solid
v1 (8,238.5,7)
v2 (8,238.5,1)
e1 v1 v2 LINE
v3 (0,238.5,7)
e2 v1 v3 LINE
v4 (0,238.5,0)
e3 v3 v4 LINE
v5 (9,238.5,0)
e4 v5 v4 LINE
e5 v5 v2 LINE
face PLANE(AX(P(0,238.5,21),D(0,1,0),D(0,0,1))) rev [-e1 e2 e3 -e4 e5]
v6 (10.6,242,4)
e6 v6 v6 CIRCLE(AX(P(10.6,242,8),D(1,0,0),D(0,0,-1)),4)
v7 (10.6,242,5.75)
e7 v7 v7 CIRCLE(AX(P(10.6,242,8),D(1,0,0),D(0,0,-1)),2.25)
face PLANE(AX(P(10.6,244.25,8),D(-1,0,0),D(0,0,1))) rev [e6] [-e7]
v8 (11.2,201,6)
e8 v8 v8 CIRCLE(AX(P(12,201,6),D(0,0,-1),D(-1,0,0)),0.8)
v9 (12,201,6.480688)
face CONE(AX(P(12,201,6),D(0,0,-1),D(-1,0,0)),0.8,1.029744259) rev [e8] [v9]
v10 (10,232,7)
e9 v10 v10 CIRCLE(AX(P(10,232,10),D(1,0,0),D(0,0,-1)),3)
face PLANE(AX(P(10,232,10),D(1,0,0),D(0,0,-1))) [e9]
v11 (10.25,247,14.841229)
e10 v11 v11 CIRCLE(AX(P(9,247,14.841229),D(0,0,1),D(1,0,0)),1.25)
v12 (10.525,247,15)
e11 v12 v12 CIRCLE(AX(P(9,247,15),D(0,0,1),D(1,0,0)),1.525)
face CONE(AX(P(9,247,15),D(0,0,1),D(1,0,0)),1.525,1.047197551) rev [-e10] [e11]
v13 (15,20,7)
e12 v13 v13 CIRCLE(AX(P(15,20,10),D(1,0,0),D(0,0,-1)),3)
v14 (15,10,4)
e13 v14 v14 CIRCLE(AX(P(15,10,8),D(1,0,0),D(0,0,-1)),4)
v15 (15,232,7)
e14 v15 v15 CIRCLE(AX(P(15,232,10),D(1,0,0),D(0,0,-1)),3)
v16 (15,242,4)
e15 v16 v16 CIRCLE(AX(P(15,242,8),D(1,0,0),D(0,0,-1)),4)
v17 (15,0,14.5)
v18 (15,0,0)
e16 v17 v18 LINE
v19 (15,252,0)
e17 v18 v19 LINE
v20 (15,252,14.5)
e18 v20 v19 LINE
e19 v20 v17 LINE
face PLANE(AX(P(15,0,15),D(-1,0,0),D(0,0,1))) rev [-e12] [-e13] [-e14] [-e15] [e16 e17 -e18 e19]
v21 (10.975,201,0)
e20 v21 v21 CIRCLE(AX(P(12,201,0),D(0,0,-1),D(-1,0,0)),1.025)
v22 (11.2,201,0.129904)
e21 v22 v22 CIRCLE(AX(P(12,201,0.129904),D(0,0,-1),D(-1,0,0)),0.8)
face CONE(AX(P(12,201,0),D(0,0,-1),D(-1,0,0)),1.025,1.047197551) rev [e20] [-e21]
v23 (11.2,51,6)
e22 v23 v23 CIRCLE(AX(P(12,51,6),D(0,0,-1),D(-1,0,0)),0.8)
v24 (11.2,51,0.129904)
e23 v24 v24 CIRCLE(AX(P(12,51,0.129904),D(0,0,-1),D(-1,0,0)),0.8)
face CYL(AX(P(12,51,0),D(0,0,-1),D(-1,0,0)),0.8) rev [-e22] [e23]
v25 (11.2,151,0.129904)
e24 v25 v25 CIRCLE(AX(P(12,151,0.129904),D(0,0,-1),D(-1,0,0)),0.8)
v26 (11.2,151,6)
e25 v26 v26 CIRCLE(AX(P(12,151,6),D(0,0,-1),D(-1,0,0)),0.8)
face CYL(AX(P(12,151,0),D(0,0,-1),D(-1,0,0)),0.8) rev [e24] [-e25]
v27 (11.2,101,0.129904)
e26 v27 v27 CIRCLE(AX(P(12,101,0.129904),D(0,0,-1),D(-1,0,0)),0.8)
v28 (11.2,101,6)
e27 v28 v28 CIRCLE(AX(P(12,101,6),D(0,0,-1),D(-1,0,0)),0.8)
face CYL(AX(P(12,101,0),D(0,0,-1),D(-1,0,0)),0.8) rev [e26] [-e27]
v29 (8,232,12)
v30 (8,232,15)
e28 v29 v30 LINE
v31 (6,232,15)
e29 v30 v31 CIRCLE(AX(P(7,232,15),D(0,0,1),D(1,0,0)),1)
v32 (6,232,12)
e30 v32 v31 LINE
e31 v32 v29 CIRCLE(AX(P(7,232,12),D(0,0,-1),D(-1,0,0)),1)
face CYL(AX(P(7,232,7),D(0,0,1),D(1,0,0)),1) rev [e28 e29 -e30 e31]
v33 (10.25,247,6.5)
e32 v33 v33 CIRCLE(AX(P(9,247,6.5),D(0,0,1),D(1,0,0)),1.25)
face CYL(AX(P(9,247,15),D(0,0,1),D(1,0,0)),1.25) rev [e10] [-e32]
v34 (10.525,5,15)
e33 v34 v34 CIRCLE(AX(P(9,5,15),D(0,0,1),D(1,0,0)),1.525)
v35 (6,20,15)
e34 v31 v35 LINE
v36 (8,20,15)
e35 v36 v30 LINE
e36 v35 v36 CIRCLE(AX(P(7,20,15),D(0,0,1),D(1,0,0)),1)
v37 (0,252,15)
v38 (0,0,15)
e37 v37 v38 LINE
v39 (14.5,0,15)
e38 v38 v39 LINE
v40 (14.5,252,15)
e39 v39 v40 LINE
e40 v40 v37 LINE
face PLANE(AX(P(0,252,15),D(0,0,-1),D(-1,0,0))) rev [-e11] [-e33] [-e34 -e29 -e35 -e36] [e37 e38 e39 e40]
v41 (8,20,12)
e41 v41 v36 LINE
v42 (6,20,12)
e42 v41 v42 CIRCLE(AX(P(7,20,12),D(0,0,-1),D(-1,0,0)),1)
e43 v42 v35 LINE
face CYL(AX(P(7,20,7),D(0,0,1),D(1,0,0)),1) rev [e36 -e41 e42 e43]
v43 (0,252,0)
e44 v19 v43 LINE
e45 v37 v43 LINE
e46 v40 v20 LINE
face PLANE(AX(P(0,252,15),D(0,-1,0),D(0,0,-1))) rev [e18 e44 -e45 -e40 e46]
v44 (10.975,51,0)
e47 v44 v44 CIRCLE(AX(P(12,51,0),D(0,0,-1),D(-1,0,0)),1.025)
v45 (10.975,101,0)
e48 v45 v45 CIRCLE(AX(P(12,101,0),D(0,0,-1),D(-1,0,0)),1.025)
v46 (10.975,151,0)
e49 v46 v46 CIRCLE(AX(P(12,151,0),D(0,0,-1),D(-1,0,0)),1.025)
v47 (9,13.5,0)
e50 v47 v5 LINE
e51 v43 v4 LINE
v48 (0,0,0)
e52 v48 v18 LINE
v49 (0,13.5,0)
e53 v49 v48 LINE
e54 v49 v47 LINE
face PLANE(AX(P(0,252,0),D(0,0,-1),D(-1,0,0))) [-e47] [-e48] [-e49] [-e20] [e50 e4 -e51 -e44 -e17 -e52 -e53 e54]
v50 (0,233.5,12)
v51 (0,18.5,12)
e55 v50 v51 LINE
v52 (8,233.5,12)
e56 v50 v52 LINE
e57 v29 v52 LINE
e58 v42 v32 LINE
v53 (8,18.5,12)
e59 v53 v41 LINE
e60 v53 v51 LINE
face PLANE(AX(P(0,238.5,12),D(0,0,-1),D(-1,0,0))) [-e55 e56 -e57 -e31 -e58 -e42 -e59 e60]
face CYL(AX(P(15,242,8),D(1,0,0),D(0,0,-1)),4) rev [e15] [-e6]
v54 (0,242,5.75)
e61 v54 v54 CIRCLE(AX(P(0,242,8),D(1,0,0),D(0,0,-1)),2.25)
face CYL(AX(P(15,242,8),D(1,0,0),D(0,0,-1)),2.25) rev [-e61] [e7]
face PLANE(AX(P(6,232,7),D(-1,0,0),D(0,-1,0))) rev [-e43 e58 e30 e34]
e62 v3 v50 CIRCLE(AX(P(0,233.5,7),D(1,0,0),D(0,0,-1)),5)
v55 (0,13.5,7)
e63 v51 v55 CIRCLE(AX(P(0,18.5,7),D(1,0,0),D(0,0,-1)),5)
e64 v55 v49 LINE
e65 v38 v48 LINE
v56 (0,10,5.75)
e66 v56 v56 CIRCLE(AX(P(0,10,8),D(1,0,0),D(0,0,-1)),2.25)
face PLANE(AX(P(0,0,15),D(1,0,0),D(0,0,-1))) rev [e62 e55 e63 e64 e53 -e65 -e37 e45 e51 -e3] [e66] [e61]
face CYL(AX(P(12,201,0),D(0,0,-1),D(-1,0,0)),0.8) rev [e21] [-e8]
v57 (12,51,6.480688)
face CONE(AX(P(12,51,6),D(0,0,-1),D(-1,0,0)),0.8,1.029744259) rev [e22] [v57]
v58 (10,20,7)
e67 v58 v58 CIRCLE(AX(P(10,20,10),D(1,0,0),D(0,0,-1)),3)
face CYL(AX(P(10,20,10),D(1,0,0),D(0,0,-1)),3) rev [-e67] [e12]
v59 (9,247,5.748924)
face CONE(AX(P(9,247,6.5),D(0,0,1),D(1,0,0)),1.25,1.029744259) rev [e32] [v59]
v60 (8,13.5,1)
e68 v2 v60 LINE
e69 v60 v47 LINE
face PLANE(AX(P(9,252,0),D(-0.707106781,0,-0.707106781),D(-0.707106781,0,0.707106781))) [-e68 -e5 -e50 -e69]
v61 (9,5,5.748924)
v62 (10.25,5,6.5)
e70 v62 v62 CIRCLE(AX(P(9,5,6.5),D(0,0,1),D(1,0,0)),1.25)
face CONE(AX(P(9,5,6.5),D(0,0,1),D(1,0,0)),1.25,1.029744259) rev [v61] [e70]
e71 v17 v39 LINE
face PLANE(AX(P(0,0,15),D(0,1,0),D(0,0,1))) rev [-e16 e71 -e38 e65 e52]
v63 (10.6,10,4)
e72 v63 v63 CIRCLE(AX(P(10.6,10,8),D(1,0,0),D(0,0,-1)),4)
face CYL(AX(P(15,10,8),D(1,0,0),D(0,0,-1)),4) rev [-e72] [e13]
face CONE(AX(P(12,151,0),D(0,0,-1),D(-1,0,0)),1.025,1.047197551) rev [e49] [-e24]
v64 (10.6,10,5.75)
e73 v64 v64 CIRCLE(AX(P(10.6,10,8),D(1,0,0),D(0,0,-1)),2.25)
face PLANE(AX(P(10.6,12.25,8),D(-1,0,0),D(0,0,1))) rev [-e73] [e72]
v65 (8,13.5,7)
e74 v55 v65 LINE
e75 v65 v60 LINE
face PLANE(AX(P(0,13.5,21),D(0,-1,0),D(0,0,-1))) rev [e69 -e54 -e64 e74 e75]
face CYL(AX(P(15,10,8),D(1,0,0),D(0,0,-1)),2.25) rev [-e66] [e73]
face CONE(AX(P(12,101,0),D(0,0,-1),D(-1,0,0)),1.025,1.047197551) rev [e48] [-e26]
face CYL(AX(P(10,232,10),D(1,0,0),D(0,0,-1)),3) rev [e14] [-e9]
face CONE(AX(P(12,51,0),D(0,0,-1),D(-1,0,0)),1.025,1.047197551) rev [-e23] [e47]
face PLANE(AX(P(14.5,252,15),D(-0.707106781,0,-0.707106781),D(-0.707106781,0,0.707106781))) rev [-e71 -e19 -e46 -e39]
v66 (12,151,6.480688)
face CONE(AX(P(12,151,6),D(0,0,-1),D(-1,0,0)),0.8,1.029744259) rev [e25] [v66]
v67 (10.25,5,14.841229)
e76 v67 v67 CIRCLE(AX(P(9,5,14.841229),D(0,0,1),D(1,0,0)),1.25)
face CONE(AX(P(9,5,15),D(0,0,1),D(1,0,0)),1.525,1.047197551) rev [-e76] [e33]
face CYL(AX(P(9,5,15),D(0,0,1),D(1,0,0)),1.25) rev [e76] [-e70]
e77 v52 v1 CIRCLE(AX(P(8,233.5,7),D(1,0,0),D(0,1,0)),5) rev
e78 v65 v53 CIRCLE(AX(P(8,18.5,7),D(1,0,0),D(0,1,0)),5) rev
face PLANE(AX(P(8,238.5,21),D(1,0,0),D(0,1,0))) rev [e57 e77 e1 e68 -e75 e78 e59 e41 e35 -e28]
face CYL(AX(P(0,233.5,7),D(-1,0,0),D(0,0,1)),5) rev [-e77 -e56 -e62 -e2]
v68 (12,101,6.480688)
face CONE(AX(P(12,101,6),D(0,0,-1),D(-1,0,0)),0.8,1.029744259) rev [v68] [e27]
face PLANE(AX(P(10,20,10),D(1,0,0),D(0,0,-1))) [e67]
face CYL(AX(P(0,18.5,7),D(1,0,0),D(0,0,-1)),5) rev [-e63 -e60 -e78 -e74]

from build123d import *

# Parameters (mm, degrees)
SKETCH_1_W                  = 15
SKETCH_1_H                  = 252
EXTRUDE_1_DEPTH             = 15
EXTRUDE_2_DEPTH             = 6
SKETCH_3_W                  = 8
SKETCH_3_H                  = 225
CUT_EXTRUDE_1_DEPTH         = 253.891280988
SKETCH_7_W                  = 15
SKETCH_7_H                  = 6
CUT_EXTRUDE_4_DEPTH         = 245.863737617
SKETCH_5_W                  = 8
SKETCH_5_H                  = 225
EXTRUDE_3_DEPTH             = 3
CUT_EXTRUDE_3_DEPTH         = 8
FILLET_1_R                  = 5
CHAMFER_1_SIZE              = 0.5
HOLE_WIZARD_M31_D           = 2.5
HOLE_WIZARD_M31_DEPTH       = 8.5
HOLE_WIZARD_M31_CSINK_D     = 3.05
HOLE_WIZARD_M31_CSINK_ANGLE = 120
HOLE_WIZARD_M31_TIP         = 0.751075774
HOLE_WIZARD_M41_D           = 4.5
HOLE_WIZARD_M41_CBORE_D     = 8
HOLE_WIZARD_M41_CBORE_DEPTH = 4.4
SKETCH_12_R                 = 3
CUT_EXTRUDE_5_DEPTH         = 5
CHAMFER_2_SIZE              = 1
HOLE_WIZARD_M21_D           = 1.6
HOLE_WIZARD_M21_DEPTH       = 6
HOLE_WIZARD_M21_CSINK_D     = 2.05
HOLE_WIZARD_M21_CSINK_ANGLE = 120
HOLE_WIZARD_M21_TIP         = 0.480688495


with BuildPart() as part:
    # Эскиз1 → Бобышка-Вытянуть1 (new body)
    with BuildSketch(Plane.XY):
        with Locations((7.5, 126)):
            Rectangle(SKETCH_1_W, SKETCH_1_H)
    extrude(amount=EXTRUDE_1_DEPTH)

    # Эскиз2 → Бобышка-Вытянуть2 (add)
    with BuildSketch(Plane.XY.offset(15)):
        Polygon((15, 8.5), (15, 243.5), (0, 243.5), (0, 238.5), (8, 238.5), (8, 13.5), (0, 13.5), (0, 8.5), align=None)
    extrude(amount=EXTRUDE_2_DEPTH)

    # Эскиз3 → Вырез-Вытянуть1 (cut, through all)
    with BuildSketch(Plane.XY.offset(15)):
        with Locations((4, 126)):
            Rectangle(SKETCH_3_W, SKETCH_3_H)
    extrude(amount=-CUT_EXTRUDE_1_DEPTH, mode=Mode.SUBTRACT)

    # Эскиз7 → Вырез-Вытянуть4 (cut, through all)
    with BuildSketch(Plane(origin=(0, 243.5, 0), x_dir=(1, 0, 0), z_dir=(0, 1, 0))):
        with Locations((7.5, -18)):
            Rectangle(SKETCH_7_W, SKETCH_7_H)
    extrude(amount=-CUT_EXTRUDE_4_DEPTH, mode=Mode.SUBTRACT)

    # Эскиз5 → Бобышка-Вытянуть3 (add)
    with BuildSketch(Plane.XY.offset(15)):
        with Locations((4, 126)):
            Rectangle(SKETCH_5_W, SKETCH_5_H)
    extrude(amount=-EXTRUDE_3_DEPTH)

    # Эскиз6 → Вырез-Вытянуть3 (cut)
    with BuildSketch(Plane.XY.offset(15)):
        with BuildLine():
            Line((8, 232), (8, 20))
            ThreePointArc((8, 20), (7, 19), (6, 20))
            Line((6, 20), (6, 232))
            ThreePointArc((6, 232), (7, 233), (8, 232))
        make_face()
    extrude(amount=-CUT_EXTRUDE_3_DEPTH, mode=Mode.SUBTRACT)

    # Скругление1
    fillet_1_edges = [part.edges().sort_by_distance(p)[0] for p in [
        (4, 238.5, 12),
        (4, 13.5, 12),
    ]]
    fillet(fillet_1_edges, radius=FILLET_1_R)

    # Фаска1
    chamfer_1_edges = [part.edges().sort_by_distance(p)[0] for p in [
        (15, 126, 15),
    ]]
    chamfer(chamfer_1_edges, length=CHAMFER_1_SIZE)

    # Отверстие обработанное метчиком M31
    with Locations(Plane.XY.offset(15)):
        with Locations((9, 5), (9, 247)):
            CounterSinkHole(HOLE_WIZARD_M31_D / 2, HOLE_WIZARD_M31_CSINK_D / 2, depth=HOLE_WIZARD_M31_DEPTH, counter_sink_angle=HOLE_WIZARD_M31_CSINK_ANGLE)
            with Locations((0, 0, -(HOLE_WIZARD_M31_DEPTH + HOLE_WIZARD_M31_TIP / 2))):  # 118° drill point
                Cone(0, HOLE_WIZARD_M31_D / 2, HOLE_WIZARD_M31_TIP, mode=Mode.SUBTRACT)

    # Цековка для  винта с внутренним шестигранником M41 (through all)
    with Locations(Plane(origin=(15, 0, 0), x_dir=(0, 0, -1), z_dir=(1, 0, 0))):
        with Locations((-8, 10), (-8, 242)):
            CounterBoreHole(HOLE_WIZARD_M41_D / 2, HOLE_WIZARD_M41_CBORE_D / 2, HOLE_WIZARD_M41_CBORE_DEPTH)

    # Эскиз12 → Вырез-Вытянуть5 (cut)
    with BuildSketch(Plane(origin=(15, 0, 0), x_dir=(0, 0, -1), z_dir=(1, 0, 0))):
        with Locations((-10, 232)):
            Circle(SKETCH_12_R)
        with Locations((-10, 20)):
            Circle(SKETCH_12_R)
    extrude(amount=-CUT_EXTRUDE_5_DEPTH, mode=Mode.SUBTRACT)

    # Фаска2
    chamfer_2_edges = [part.edges().sort_by_distance(p)[0] for p in [
        (8, 126, 0),
    ]]
    chamfer(chamfer_2_edges, length=CHAMFER_2_SIZE)

    # Отверстие обработанное метчиком M21
    with Locations(Plane(origin=(0, 0, 0), x_dir=(-1, 0, 0), z_dir=(0, 0, -1))):
        with Locations((-12, 101), (-12, 201), (-12, 151), (-12, 51)):
            CounterSinkHole(HOLE_WIZARD_M21_D / 2, HOLE_WIZARD_M21_CSINK_D / 2, depth=HOLE_WIZARD_M21_DEPTH, counter_sink_angle=HOLE_WIZARD_M21_CSINK_ANGLE)
            with Locations((0, 0, -(HOLE_WIZARD_M21_DEPTH + HOLE_WIZARD_M21_TIP / 2))):  # 118° drill point
                Cone(0, HOLE_WIZARD_M21_D / 2, HOLE_WIZARD_M21_TIP, mode=Mode.SUBTRACT)


solid = part.part
